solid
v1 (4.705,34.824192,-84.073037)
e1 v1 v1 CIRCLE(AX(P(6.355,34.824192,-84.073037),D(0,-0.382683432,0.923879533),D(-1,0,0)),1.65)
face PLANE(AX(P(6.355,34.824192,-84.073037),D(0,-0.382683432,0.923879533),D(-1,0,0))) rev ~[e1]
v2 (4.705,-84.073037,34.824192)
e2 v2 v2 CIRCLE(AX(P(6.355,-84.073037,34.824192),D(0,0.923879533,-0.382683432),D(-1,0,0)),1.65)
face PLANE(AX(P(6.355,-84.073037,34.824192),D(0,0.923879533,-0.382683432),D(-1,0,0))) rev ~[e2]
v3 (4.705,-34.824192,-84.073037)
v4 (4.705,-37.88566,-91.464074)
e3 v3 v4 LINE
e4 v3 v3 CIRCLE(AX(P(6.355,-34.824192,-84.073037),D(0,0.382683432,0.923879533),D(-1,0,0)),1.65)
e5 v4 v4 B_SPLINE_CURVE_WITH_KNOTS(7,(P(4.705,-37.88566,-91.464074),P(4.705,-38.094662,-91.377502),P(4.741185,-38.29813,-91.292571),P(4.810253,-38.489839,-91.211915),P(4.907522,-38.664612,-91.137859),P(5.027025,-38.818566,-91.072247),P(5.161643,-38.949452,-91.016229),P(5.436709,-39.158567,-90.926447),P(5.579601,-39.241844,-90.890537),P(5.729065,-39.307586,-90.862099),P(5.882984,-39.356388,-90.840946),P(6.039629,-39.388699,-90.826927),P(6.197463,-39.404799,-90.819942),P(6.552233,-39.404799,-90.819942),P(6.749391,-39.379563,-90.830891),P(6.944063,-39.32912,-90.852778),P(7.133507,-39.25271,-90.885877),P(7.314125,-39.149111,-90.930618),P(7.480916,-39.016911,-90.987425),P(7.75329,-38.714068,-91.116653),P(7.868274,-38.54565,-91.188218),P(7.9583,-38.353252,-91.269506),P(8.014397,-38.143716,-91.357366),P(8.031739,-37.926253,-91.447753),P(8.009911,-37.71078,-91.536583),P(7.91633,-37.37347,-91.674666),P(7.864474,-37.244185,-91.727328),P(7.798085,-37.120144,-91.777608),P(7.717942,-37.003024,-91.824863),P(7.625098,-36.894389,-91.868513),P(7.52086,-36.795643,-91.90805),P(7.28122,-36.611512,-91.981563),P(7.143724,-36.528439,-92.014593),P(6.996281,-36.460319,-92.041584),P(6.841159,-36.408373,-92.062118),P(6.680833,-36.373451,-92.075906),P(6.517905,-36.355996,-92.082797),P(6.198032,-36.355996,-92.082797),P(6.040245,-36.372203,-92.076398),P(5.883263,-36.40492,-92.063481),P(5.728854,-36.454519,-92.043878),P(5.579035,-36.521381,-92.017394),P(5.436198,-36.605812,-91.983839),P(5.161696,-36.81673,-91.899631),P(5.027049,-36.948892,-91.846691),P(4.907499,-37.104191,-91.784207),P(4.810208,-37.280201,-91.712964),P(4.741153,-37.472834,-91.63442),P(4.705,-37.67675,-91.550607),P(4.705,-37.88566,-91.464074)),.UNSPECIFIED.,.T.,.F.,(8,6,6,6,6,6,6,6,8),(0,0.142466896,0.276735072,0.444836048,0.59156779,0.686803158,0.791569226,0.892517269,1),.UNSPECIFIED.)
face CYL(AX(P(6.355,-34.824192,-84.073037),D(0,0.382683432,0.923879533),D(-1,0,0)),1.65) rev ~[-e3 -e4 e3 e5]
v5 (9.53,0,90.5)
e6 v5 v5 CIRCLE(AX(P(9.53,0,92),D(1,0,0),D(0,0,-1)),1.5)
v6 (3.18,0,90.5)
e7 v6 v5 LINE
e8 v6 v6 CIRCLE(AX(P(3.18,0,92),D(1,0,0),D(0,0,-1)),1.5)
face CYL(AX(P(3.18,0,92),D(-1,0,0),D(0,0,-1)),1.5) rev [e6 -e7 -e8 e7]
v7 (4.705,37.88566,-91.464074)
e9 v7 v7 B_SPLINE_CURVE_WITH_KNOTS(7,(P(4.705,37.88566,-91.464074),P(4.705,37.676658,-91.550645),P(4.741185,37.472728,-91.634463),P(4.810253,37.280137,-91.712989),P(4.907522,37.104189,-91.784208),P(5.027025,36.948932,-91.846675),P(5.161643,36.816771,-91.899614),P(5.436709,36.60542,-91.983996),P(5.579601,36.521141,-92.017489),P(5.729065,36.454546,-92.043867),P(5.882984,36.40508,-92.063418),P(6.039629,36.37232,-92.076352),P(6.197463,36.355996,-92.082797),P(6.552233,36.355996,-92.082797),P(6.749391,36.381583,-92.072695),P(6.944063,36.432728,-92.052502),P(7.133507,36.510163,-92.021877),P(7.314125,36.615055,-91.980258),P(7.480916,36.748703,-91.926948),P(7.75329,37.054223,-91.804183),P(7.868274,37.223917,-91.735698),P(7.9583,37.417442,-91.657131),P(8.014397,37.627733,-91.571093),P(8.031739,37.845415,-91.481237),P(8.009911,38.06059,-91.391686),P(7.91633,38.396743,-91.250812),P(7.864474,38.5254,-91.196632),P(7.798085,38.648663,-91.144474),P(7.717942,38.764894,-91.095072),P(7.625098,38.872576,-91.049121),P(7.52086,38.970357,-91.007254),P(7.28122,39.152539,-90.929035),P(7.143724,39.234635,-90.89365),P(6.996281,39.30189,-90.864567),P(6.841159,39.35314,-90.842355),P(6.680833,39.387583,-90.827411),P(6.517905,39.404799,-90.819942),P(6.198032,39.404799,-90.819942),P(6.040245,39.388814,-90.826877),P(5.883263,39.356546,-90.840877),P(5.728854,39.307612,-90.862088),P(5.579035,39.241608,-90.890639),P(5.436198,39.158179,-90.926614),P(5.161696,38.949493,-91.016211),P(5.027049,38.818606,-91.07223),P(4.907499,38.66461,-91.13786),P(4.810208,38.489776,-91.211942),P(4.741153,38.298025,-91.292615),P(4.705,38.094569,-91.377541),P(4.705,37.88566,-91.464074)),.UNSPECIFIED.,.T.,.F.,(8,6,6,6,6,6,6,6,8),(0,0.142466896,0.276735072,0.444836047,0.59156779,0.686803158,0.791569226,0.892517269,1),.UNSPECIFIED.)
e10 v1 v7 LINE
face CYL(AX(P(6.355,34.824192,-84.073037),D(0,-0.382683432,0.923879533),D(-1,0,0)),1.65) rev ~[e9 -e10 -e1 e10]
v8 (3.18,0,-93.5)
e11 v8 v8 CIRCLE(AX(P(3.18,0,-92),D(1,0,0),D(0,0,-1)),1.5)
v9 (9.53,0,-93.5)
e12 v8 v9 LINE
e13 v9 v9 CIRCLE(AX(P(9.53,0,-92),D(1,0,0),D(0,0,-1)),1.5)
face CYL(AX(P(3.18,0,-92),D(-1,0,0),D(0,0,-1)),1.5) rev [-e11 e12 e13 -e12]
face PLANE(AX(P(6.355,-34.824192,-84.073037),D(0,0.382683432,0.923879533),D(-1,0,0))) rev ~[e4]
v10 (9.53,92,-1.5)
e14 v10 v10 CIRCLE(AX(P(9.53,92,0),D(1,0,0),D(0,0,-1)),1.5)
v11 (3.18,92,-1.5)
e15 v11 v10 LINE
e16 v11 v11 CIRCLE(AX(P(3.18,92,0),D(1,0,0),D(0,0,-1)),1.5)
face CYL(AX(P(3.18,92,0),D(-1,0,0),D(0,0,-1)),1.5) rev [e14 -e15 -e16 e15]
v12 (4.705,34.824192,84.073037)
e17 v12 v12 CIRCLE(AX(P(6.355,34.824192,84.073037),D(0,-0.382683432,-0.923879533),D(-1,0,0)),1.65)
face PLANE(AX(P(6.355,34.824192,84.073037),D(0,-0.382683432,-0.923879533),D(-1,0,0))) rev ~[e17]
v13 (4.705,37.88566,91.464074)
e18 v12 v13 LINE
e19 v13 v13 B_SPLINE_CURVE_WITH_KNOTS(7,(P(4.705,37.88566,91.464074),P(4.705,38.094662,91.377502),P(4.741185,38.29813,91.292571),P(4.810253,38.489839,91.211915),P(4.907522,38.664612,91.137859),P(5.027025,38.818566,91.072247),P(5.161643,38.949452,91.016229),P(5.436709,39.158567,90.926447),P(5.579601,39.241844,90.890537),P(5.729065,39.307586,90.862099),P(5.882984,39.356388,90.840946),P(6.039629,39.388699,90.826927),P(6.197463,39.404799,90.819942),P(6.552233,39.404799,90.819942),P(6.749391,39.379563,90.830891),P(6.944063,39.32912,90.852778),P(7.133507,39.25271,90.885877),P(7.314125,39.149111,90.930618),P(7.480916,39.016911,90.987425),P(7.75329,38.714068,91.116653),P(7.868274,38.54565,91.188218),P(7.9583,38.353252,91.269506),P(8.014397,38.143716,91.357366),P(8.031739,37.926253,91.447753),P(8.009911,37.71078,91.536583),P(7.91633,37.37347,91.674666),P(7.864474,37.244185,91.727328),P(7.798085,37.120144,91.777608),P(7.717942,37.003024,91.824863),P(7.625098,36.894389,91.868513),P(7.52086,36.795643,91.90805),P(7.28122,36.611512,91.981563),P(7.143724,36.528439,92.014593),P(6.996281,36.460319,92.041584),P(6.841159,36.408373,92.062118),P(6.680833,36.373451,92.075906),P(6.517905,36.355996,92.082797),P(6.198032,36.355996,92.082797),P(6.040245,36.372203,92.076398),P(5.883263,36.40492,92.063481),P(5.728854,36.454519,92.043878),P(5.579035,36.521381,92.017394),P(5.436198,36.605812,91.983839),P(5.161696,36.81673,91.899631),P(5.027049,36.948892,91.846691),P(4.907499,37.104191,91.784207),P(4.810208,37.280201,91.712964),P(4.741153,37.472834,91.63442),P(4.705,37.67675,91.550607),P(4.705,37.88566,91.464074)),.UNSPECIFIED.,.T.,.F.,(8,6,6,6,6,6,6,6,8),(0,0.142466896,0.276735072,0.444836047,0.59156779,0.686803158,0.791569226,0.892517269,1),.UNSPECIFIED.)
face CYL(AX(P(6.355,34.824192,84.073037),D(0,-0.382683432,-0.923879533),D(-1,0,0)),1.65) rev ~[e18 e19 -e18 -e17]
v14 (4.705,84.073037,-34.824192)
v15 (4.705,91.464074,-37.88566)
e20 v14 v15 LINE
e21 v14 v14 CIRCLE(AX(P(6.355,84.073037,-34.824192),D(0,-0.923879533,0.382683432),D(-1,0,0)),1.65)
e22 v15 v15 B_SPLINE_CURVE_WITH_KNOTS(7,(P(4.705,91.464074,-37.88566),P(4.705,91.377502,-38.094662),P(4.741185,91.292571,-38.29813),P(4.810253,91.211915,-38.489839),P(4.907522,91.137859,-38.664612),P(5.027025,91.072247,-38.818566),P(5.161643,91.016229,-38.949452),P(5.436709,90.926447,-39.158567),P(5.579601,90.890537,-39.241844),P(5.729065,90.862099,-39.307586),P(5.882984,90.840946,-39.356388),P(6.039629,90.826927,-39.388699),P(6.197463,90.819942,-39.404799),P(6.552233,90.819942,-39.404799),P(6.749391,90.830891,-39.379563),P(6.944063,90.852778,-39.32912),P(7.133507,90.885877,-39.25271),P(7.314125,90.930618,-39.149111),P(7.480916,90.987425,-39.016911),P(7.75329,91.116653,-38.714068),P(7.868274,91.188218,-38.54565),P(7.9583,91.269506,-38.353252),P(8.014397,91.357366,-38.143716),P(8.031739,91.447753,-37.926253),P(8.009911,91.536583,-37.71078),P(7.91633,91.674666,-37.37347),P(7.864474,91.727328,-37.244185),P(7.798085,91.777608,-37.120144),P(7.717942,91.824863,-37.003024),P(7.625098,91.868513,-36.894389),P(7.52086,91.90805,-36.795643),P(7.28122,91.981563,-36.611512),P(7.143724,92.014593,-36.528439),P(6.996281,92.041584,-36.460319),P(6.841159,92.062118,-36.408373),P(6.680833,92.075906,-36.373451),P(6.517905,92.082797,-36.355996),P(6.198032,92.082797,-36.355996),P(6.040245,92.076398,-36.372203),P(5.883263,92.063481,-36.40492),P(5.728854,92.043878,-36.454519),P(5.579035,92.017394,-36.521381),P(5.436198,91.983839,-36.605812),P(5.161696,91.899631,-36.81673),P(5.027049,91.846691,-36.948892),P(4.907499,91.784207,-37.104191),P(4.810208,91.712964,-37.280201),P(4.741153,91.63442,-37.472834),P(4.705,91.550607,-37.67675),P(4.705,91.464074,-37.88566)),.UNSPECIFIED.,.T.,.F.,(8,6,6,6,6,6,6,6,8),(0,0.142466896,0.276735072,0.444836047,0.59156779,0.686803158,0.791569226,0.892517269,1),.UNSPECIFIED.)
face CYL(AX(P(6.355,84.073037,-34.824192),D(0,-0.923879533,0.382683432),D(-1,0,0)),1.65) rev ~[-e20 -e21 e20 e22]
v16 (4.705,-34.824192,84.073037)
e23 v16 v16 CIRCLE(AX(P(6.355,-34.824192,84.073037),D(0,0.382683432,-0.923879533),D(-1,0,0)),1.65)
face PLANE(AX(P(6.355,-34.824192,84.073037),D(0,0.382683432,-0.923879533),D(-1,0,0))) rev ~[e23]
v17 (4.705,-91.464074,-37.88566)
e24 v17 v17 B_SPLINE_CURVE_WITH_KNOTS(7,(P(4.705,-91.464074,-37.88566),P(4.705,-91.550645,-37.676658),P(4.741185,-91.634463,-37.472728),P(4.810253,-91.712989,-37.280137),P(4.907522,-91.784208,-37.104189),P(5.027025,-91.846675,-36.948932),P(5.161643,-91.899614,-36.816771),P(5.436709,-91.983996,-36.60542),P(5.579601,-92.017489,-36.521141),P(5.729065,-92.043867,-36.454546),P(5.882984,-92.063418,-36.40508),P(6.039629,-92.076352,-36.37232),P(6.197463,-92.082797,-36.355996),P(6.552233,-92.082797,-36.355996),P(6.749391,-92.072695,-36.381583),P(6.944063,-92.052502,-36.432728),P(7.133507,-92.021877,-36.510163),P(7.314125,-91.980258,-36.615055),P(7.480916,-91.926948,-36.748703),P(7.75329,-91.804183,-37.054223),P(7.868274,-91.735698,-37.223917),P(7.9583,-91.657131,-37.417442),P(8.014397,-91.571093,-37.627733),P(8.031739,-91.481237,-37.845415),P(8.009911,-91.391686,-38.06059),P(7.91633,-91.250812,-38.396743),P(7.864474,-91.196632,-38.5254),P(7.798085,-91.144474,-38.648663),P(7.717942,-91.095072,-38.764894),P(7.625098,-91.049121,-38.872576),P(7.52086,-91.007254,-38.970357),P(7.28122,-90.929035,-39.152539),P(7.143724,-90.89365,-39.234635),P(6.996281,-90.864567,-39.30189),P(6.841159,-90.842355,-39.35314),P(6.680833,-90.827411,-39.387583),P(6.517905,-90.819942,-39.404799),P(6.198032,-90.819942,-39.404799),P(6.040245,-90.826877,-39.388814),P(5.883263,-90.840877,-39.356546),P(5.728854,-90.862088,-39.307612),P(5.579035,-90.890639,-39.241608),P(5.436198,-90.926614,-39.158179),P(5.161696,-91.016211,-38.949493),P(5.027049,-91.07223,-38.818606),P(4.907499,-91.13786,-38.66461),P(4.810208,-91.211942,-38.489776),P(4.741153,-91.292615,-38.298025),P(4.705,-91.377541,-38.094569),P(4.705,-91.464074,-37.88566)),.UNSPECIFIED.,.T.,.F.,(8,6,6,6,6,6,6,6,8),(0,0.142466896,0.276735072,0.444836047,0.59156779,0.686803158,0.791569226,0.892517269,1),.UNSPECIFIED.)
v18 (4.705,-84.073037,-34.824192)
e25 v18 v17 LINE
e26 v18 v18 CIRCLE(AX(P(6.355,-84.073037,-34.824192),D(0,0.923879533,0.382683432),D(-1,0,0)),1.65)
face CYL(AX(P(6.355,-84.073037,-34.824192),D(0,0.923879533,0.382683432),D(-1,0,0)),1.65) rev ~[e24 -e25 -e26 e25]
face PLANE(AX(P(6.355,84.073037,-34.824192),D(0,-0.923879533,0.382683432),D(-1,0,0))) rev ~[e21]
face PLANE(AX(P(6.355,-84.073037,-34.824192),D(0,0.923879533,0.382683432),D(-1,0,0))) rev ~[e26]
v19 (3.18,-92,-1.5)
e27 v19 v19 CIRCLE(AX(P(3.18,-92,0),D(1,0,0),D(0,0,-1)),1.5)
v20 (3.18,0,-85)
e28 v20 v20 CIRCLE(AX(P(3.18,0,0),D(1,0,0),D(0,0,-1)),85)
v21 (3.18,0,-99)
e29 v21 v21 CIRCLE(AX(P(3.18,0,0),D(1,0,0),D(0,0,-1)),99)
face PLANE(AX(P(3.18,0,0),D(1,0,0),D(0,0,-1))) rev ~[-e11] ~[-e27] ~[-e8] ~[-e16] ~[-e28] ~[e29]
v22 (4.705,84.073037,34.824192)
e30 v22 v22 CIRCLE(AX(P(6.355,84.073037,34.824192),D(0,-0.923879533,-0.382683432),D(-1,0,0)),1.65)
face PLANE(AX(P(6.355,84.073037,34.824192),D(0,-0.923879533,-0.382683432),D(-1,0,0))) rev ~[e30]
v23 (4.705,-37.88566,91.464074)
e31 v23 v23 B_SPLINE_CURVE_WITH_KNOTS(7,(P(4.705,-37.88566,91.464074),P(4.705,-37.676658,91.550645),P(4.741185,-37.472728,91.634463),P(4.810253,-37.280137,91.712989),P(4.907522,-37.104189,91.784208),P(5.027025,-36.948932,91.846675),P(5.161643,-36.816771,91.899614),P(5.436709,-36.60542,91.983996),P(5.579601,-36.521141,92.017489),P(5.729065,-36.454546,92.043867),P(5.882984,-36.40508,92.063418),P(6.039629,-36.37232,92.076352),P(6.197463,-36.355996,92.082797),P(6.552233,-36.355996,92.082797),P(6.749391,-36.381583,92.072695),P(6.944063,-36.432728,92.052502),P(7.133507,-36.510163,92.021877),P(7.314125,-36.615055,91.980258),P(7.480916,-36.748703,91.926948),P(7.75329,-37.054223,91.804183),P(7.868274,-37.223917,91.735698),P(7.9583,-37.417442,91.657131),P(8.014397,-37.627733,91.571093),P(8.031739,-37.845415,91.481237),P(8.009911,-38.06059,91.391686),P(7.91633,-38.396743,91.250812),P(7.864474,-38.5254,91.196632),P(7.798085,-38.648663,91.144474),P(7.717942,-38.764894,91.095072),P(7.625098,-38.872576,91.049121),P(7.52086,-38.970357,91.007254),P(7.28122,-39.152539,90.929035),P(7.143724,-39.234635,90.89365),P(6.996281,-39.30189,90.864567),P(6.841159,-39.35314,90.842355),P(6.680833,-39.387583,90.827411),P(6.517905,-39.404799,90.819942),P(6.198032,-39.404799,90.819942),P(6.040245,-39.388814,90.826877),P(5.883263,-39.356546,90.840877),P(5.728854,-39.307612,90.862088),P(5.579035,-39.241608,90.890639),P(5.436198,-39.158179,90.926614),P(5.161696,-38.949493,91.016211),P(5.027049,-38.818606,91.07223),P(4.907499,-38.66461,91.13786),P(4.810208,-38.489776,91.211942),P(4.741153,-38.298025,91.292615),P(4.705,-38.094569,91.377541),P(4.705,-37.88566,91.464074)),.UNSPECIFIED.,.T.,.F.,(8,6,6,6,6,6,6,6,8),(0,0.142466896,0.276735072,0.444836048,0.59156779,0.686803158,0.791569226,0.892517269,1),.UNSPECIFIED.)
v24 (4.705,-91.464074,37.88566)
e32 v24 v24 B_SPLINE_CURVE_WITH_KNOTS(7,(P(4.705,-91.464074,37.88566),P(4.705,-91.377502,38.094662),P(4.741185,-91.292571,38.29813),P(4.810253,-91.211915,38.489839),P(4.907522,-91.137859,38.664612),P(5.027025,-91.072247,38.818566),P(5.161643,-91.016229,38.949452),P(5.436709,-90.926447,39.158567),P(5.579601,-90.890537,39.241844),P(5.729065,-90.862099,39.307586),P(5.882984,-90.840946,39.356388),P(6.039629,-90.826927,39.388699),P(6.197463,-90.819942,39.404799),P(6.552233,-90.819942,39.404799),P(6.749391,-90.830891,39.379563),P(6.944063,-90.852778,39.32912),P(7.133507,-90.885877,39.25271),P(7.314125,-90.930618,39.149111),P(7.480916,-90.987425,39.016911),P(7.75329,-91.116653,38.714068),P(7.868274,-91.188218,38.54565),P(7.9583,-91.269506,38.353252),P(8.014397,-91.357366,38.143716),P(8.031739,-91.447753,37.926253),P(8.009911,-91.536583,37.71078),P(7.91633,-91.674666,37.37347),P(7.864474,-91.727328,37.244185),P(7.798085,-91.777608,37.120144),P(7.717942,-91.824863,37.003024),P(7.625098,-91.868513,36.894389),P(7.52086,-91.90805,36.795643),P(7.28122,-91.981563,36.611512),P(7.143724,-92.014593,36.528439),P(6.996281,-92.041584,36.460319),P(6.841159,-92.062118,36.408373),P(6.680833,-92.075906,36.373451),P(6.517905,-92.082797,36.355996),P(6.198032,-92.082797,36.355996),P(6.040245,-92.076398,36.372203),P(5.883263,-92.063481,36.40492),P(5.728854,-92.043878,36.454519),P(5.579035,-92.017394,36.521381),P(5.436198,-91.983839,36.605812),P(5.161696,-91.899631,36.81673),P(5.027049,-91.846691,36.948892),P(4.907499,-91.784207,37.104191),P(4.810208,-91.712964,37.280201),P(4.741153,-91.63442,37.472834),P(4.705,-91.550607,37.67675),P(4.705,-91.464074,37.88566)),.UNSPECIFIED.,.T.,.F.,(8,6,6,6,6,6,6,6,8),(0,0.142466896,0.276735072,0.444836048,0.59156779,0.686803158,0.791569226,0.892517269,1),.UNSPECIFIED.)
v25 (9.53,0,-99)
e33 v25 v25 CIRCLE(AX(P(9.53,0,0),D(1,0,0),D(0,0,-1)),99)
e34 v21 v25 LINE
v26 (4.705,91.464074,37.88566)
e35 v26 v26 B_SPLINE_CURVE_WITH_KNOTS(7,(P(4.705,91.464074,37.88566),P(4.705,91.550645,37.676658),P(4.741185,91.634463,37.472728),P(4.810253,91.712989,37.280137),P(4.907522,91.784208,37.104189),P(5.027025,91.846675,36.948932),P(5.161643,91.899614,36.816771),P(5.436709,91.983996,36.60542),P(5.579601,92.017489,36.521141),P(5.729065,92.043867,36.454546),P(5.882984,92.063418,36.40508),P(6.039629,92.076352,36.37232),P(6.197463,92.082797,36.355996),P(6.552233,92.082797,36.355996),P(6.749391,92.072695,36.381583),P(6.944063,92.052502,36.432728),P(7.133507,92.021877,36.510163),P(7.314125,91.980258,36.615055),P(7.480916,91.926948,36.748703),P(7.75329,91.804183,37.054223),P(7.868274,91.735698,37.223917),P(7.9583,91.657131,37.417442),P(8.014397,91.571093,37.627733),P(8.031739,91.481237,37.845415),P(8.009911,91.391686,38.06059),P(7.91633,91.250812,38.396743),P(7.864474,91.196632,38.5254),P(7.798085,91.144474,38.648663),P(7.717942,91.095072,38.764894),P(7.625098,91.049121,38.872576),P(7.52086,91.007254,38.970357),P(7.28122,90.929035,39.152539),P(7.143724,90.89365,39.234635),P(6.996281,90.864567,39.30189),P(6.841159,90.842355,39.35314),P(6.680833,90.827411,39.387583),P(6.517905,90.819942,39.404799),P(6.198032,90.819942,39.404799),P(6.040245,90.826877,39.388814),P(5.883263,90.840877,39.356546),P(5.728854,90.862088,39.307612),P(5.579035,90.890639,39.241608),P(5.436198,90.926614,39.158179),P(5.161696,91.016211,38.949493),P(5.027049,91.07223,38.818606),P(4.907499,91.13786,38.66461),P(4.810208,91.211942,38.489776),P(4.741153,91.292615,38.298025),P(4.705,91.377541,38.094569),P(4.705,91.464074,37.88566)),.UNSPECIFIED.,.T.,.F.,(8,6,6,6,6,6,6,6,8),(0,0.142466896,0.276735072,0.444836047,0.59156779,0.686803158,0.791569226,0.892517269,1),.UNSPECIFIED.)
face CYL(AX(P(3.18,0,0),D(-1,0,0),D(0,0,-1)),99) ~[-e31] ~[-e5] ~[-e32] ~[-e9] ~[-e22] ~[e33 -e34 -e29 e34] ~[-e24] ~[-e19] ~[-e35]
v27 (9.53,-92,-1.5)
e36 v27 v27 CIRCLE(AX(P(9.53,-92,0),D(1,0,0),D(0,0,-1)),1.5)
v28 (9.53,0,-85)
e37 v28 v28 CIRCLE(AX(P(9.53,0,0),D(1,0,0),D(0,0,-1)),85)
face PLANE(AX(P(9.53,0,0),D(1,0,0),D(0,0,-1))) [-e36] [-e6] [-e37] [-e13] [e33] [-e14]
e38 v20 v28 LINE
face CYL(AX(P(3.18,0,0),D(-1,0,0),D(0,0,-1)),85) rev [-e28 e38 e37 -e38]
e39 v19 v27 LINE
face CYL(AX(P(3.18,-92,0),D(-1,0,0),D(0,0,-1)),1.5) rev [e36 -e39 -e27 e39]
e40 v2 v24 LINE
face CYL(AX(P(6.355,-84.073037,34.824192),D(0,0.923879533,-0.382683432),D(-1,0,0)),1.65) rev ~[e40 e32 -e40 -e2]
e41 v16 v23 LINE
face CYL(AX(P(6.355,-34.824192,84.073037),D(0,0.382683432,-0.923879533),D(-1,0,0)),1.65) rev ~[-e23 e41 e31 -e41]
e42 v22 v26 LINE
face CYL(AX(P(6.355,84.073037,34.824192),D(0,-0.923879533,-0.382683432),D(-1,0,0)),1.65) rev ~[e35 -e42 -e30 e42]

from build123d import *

# Parameters (mm, degrees)
RING_START                = 3.18
RING_SKETCH_R             = 99
RING_SKETCH_R_2           = 85
RING_SKETCH_R_3           = 1.5
RING_DEPTH                = 6.35
WALL_START                = -91
WALL_SCREW_HOLES_SKETCH_R = 1.65
WALL_SCREW_HOLES_DEPTH    = 9
WALL_SCREW_HOLES_X8_COUNT = 8


with BuildPart() as part:
    # Ring Sketch → Ring (new body)
    with BuildSketch(Plane(origin=(0, 0, 0), x_dir=(0, 0, -1), z_dir=(1, 0, 0)).offset(RING_START)):
        Circle(RING_SKETCH_R)
        Circle(RING_SKETCH_R_2, mode=Mode.SUBTRACT)
        with Locations((0, 92)):
            Circle(RING_SKETCH_R_3, mode=Mode.SUBTRACT)
        with Locations((-92, 0)):
            Circle(RING_SKETCH_R_3, mode=Mode.SUBTRACT)
        with Locations((0, -92)):
            Circle(RING_SKETCH_R_3, mode=Mode.SUBTRACT)
        with Locations((92, 0)):
            Circle(RING_SKETCH_R_3, mode=Mode.SUBTRACT)
    extrude(amount=RING_DEPTH)

    # Wall Screw Holes Sketch → Wall Screw Holes (cut)
    with BuildSketch(Plane(origin=(0, 0, 0), x_dir=(-1, 0, 0), z_dir=(0, -0.9238795325112867, -0.3826834323650897)).offset(WALL_START)):
        with Locations((-6.355, 0)):
            Circle(WALL_SCREW_HOLES_SKETCH_R)
    wall_screw_holes = extrude(amount=-WALL_SCREW_HOLES_DEPTH, mode=Mode.SUBTRACT)

    # Wall Screw Holes x8: Wall Screw Holes ×8 about axis
    wall_screw_holes_x8_axis = Axis((9.8475, 0, 0), (-1, 0, 0))
    for i in range(1, WALL_SCREW_HOLES_X8_COUNT):
        add(wall_screw_holes.rotate(wall_screw_holes_x8_axis, i * 360 / WALL_SCREW_HOLES_X8_COUNT), mode=Mode.SUBTRACT)


solid = part.part
